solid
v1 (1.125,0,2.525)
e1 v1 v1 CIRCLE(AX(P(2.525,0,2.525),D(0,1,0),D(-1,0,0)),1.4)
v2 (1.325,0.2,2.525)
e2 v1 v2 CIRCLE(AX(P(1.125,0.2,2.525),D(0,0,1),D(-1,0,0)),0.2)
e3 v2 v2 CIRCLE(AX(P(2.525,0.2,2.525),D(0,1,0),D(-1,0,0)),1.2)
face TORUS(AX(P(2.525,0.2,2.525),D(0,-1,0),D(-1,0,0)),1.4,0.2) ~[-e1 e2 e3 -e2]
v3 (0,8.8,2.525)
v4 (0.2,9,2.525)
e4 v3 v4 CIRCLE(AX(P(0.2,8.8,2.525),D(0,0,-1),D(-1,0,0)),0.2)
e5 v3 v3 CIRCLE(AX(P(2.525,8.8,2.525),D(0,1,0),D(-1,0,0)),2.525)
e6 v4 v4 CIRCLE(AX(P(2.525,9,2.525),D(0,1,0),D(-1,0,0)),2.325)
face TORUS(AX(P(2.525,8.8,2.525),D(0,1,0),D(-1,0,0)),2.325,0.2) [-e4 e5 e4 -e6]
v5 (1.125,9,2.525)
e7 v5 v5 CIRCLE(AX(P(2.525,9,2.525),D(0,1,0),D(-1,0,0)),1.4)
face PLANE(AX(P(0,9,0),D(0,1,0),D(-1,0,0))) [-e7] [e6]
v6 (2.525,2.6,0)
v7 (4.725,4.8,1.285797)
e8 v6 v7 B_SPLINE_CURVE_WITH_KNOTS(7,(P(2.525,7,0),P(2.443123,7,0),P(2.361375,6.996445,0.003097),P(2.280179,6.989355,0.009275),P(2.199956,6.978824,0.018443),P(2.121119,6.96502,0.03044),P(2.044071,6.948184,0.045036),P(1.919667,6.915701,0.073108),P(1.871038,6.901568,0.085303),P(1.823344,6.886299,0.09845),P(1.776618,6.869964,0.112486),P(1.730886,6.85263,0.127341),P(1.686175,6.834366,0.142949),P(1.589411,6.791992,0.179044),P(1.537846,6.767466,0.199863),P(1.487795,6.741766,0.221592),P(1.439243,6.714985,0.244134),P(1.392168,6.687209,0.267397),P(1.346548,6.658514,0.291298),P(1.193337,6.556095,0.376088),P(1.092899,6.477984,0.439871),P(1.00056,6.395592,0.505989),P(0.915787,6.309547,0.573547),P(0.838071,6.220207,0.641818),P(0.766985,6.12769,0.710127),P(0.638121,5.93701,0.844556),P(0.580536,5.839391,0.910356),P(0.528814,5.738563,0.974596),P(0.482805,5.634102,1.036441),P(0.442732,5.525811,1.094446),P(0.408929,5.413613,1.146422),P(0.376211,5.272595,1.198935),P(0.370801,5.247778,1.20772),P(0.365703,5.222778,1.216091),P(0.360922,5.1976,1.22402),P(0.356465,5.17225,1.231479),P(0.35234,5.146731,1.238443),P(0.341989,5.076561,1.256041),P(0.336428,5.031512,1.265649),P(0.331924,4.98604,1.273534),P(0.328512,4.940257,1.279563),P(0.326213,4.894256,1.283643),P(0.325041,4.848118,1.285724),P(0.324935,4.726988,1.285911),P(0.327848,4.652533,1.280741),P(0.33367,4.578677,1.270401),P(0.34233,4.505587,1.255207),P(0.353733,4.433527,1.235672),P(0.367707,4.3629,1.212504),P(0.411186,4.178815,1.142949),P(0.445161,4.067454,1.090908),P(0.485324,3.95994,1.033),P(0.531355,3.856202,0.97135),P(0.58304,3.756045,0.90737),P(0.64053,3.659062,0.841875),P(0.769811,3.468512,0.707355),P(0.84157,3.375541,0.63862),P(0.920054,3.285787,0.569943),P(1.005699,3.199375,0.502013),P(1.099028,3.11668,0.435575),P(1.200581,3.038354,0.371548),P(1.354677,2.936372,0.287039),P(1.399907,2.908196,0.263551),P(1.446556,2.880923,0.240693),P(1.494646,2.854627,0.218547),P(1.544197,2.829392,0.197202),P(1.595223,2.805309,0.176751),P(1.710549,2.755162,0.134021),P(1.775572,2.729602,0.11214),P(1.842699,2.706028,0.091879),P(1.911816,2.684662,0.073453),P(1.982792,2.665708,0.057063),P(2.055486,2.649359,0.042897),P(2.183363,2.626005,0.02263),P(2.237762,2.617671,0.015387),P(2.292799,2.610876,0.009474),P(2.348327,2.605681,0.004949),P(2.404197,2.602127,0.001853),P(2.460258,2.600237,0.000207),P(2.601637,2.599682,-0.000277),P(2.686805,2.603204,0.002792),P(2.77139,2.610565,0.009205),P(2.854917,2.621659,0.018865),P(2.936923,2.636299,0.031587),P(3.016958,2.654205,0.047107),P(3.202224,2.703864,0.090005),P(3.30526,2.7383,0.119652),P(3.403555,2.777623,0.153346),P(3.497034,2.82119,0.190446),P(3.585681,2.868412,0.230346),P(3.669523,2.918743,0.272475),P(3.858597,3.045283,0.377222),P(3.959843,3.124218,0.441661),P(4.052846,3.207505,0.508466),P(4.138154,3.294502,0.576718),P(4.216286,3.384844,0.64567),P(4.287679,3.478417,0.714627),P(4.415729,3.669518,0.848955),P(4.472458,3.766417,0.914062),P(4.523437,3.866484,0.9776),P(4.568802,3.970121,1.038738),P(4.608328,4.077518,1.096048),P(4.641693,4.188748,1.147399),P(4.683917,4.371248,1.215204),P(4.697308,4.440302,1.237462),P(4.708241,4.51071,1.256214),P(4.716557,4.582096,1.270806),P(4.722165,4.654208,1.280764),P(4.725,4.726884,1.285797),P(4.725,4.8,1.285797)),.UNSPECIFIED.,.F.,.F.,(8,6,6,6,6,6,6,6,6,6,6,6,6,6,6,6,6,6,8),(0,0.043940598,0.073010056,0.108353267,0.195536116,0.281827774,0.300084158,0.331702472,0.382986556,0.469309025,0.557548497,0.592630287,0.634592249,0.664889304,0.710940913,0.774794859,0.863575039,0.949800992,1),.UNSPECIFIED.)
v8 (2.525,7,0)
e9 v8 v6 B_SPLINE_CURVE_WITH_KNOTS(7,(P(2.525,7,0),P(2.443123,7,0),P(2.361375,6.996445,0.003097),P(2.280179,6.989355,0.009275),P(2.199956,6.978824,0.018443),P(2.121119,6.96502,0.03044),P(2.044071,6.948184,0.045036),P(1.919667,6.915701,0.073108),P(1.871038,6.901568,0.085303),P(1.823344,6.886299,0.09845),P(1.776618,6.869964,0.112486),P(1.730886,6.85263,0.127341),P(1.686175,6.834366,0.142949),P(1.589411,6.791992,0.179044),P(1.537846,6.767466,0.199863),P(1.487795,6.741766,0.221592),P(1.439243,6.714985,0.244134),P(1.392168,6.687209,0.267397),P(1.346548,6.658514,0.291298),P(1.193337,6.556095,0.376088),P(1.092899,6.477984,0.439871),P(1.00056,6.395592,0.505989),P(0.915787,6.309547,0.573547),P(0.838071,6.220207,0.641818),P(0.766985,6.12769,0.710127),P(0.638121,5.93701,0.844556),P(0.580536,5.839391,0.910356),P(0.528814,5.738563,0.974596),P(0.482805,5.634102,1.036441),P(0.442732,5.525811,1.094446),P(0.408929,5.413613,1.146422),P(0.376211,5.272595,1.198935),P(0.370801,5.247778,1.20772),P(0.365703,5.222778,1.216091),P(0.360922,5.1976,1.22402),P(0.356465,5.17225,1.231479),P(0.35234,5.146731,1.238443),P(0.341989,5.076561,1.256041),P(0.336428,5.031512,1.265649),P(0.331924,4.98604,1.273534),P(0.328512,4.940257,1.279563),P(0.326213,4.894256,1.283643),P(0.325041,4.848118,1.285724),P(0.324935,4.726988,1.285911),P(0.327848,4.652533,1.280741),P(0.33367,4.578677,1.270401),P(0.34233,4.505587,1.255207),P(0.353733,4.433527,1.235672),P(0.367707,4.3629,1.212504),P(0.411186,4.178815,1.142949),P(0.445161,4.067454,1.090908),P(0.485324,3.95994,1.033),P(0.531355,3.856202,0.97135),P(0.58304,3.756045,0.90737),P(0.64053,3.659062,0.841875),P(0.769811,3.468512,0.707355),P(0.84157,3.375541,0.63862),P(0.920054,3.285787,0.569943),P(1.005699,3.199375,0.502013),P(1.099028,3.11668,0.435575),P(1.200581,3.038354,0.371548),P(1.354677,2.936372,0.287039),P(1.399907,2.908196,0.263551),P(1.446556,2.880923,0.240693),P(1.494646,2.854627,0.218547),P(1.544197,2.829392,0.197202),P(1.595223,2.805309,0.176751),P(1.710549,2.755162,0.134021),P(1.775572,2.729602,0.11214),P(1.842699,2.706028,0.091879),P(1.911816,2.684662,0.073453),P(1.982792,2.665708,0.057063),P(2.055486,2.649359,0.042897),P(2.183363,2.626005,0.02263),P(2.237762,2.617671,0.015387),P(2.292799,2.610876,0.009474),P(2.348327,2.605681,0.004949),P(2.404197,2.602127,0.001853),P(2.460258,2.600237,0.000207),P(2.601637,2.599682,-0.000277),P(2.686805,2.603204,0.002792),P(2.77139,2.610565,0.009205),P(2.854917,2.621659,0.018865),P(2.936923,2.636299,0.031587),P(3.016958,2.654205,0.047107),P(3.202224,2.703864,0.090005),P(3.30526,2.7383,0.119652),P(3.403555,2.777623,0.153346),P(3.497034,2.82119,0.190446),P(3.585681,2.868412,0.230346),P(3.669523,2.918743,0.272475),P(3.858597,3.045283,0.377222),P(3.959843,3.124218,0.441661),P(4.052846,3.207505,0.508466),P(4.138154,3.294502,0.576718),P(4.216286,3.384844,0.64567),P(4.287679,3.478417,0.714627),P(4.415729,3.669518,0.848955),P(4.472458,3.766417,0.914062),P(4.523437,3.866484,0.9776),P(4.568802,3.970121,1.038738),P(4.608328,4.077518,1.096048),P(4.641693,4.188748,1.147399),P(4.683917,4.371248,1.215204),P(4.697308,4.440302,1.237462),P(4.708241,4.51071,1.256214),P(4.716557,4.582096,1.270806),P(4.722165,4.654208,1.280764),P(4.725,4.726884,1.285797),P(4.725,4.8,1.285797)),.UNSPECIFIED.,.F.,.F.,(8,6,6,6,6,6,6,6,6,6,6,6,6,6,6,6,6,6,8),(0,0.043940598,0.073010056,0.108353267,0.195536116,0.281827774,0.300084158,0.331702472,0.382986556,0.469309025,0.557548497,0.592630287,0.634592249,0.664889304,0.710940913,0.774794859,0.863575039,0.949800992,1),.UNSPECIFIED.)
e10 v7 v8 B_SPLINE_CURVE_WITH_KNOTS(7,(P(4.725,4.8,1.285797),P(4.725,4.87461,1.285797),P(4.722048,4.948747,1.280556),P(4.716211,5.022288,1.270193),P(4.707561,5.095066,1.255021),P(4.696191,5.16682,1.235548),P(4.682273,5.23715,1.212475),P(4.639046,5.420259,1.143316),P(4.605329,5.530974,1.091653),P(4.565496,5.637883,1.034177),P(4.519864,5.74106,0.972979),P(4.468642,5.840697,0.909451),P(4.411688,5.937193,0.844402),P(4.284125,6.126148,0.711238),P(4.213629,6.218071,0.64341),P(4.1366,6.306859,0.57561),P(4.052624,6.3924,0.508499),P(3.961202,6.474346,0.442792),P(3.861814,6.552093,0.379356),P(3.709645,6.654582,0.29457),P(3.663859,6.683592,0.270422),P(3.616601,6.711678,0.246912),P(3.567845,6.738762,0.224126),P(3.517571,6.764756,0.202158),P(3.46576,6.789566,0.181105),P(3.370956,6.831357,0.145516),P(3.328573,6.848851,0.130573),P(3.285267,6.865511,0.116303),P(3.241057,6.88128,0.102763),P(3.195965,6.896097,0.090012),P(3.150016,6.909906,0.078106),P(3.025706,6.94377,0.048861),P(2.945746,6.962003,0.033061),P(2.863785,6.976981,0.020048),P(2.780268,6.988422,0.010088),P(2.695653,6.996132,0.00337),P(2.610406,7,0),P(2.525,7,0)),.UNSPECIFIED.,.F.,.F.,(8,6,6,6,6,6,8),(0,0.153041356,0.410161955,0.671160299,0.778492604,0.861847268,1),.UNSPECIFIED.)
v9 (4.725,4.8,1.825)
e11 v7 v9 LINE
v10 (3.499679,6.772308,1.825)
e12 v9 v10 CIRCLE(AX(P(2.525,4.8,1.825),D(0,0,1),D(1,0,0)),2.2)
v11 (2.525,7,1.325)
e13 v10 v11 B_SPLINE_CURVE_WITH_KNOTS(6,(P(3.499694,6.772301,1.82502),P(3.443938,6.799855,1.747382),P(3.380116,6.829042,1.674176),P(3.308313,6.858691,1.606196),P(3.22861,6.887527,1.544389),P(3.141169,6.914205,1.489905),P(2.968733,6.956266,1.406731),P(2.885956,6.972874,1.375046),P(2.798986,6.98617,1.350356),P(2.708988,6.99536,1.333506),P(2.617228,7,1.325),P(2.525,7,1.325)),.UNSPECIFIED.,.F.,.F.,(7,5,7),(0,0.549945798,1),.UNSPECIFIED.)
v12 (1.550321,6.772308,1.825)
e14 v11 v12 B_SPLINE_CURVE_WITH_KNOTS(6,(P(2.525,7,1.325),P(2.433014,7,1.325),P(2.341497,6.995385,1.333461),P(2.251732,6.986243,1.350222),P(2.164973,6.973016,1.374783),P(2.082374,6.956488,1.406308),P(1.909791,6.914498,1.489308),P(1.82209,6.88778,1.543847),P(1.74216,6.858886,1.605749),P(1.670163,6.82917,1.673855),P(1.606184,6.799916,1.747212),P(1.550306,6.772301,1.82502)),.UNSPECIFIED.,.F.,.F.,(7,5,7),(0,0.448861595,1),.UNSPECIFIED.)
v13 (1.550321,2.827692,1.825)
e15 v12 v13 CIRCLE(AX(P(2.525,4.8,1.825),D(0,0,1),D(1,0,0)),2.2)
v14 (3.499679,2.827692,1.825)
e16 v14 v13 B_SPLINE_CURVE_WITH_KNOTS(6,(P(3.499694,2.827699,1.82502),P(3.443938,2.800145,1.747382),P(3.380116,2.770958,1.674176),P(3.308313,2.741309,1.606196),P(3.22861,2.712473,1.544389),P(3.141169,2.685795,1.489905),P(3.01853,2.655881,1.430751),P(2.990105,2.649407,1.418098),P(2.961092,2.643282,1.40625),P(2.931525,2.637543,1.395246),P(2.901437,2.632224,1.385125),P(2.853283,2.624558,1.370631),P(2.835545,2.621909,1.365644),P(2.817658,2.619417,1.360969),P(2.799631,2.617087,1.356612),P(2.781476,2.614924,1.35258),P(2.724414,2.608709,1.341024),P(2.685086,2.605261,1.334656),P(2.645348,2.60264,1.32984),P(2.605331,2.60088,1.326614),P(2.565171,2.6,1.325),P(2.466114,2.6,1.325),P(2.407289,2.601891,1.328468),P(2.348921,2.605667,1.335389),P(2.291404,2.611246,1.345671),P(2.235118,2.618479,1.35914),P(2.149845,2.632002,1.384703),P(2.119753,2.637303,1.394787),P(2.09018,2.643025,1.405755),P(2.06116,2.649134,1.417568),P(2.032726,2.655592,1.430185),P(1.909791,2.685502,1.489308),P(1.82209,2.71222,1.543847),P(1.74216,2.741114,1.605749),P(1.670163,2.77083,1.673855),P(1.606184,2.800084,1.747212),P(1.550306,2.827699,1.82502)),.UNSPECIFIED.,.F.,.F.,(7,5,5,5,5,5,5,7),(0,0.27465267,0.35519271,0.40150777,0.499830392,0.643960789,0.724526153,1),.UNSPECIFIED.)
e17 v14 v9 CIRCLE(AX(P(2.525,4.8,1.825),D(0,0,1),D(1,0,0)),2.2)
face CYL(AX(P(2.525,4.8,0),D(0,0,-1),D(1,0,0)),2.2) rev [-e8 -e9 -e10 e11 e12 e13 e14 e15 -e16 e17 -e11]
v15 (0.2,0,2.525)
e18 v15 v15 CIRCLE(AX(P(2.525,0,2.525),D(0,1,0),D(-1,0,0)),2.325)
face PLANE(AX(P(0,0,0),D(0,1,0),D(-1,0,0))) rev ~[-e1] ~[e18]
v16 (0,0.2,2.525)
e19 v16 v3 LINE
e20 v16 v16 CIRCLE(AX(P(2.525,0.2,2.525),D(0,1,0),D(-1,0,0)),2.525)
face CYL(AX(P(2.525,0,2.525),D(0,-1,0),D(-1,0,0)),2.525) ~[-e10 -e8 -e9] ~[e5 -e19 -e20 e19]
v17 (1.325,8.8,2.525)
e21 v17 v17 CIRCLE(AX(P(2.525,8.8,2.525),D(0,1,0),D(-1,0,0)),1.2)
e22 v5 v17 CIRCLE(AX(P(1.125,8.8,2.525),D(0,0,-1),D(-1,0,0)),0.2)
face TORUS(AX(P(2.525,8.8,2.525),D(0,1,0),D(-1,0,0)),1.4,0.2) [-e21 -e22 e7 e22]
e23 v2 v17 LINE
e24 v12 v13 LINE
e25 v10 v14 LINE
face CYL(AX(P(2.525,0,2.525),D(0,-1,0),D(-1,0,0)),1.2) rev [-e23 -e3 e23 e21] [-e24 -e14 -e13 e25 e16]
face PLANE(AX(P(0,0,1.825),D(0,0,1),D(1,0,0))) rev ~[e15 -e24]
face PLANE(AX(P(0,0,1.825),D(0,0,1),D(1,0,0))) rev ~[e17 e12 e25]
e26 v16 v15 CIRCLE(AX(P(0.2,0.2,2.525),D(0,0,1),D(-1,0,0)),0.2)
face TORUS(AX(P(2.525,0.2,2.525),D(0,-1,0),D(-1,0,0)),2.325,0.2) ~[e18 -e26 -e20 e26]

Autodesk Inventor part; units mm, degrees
ref_plane "YZ Plane" through (0, 0, 0) normal (1, 0, 0) x (0, 1, 0)
ref_plane "XZ Plane" through (0, 0, 0) normal (0, 1, 0) x (-1, 0, 0)
sketch "Sketch1" plane through (0, 0, 0) normal (0, 1, 0) x (-1, 0, 0)
  circle A0 centre (-2.525, 2.525) radius 1.2
  circle A1 centre (-2.525, 2.525) radius 2.525
  line L0 (0, 0) -> (-7.3028, 0) construction
  line L1 (0, 0) -> (0, 4.3038) construction
  dimension "d0" = 2.4
  dimension "d1" = 5.05
extrude "Extrusion1" add sketch "Sketch1" along normal blind 9
ref_plane "Work Plane1" through (2.525, 0, 1.325) normal (0, 0, 1) x (1, 0, 0)
ref_plane "screwMaxDist" through (2.525, 0, 1.825) normal (0, 0, 1) x (1, 0, 0)
sketch "Sketch2" plane through (0, 0, 0) normal (0, 0, 1) x (1, 0, 0)
  line L0 (5.05, 9) -> (0, 9) projected
  circle A0 centre (2.525, 4.8) radius 2.2
  line L1 (5.05, 9) -> (0, 9) projected
  line L2 (5.05, 0) -> (0, 0) projected
  line L3 (0, 0) -> (0, 9) projected
  line L4 (0, 7) -> (5.05, 7)
  line L5 (5.05, 0) -> (5.05, 9) projected
  dimension "d5" = 4.4
  dimension "d15" = 2
  dimension "d16" = 2.525
  dimension "d17" = 2.525
extrude "Extrusion2" cut sketch "Sketch2" along normal up to surface (1.825 mm away) contours A0
fillet "Fillet1" radius 0.2 4 edges at (3.725, 9, 2.525) (3.725, 0, 2.525) (5.05, 9, 2.525) (5.05, 0, 2.525)
equation "\"d16\" = d17"
properties part number "motor_shaft_adapter" material "ABS Plastic"
